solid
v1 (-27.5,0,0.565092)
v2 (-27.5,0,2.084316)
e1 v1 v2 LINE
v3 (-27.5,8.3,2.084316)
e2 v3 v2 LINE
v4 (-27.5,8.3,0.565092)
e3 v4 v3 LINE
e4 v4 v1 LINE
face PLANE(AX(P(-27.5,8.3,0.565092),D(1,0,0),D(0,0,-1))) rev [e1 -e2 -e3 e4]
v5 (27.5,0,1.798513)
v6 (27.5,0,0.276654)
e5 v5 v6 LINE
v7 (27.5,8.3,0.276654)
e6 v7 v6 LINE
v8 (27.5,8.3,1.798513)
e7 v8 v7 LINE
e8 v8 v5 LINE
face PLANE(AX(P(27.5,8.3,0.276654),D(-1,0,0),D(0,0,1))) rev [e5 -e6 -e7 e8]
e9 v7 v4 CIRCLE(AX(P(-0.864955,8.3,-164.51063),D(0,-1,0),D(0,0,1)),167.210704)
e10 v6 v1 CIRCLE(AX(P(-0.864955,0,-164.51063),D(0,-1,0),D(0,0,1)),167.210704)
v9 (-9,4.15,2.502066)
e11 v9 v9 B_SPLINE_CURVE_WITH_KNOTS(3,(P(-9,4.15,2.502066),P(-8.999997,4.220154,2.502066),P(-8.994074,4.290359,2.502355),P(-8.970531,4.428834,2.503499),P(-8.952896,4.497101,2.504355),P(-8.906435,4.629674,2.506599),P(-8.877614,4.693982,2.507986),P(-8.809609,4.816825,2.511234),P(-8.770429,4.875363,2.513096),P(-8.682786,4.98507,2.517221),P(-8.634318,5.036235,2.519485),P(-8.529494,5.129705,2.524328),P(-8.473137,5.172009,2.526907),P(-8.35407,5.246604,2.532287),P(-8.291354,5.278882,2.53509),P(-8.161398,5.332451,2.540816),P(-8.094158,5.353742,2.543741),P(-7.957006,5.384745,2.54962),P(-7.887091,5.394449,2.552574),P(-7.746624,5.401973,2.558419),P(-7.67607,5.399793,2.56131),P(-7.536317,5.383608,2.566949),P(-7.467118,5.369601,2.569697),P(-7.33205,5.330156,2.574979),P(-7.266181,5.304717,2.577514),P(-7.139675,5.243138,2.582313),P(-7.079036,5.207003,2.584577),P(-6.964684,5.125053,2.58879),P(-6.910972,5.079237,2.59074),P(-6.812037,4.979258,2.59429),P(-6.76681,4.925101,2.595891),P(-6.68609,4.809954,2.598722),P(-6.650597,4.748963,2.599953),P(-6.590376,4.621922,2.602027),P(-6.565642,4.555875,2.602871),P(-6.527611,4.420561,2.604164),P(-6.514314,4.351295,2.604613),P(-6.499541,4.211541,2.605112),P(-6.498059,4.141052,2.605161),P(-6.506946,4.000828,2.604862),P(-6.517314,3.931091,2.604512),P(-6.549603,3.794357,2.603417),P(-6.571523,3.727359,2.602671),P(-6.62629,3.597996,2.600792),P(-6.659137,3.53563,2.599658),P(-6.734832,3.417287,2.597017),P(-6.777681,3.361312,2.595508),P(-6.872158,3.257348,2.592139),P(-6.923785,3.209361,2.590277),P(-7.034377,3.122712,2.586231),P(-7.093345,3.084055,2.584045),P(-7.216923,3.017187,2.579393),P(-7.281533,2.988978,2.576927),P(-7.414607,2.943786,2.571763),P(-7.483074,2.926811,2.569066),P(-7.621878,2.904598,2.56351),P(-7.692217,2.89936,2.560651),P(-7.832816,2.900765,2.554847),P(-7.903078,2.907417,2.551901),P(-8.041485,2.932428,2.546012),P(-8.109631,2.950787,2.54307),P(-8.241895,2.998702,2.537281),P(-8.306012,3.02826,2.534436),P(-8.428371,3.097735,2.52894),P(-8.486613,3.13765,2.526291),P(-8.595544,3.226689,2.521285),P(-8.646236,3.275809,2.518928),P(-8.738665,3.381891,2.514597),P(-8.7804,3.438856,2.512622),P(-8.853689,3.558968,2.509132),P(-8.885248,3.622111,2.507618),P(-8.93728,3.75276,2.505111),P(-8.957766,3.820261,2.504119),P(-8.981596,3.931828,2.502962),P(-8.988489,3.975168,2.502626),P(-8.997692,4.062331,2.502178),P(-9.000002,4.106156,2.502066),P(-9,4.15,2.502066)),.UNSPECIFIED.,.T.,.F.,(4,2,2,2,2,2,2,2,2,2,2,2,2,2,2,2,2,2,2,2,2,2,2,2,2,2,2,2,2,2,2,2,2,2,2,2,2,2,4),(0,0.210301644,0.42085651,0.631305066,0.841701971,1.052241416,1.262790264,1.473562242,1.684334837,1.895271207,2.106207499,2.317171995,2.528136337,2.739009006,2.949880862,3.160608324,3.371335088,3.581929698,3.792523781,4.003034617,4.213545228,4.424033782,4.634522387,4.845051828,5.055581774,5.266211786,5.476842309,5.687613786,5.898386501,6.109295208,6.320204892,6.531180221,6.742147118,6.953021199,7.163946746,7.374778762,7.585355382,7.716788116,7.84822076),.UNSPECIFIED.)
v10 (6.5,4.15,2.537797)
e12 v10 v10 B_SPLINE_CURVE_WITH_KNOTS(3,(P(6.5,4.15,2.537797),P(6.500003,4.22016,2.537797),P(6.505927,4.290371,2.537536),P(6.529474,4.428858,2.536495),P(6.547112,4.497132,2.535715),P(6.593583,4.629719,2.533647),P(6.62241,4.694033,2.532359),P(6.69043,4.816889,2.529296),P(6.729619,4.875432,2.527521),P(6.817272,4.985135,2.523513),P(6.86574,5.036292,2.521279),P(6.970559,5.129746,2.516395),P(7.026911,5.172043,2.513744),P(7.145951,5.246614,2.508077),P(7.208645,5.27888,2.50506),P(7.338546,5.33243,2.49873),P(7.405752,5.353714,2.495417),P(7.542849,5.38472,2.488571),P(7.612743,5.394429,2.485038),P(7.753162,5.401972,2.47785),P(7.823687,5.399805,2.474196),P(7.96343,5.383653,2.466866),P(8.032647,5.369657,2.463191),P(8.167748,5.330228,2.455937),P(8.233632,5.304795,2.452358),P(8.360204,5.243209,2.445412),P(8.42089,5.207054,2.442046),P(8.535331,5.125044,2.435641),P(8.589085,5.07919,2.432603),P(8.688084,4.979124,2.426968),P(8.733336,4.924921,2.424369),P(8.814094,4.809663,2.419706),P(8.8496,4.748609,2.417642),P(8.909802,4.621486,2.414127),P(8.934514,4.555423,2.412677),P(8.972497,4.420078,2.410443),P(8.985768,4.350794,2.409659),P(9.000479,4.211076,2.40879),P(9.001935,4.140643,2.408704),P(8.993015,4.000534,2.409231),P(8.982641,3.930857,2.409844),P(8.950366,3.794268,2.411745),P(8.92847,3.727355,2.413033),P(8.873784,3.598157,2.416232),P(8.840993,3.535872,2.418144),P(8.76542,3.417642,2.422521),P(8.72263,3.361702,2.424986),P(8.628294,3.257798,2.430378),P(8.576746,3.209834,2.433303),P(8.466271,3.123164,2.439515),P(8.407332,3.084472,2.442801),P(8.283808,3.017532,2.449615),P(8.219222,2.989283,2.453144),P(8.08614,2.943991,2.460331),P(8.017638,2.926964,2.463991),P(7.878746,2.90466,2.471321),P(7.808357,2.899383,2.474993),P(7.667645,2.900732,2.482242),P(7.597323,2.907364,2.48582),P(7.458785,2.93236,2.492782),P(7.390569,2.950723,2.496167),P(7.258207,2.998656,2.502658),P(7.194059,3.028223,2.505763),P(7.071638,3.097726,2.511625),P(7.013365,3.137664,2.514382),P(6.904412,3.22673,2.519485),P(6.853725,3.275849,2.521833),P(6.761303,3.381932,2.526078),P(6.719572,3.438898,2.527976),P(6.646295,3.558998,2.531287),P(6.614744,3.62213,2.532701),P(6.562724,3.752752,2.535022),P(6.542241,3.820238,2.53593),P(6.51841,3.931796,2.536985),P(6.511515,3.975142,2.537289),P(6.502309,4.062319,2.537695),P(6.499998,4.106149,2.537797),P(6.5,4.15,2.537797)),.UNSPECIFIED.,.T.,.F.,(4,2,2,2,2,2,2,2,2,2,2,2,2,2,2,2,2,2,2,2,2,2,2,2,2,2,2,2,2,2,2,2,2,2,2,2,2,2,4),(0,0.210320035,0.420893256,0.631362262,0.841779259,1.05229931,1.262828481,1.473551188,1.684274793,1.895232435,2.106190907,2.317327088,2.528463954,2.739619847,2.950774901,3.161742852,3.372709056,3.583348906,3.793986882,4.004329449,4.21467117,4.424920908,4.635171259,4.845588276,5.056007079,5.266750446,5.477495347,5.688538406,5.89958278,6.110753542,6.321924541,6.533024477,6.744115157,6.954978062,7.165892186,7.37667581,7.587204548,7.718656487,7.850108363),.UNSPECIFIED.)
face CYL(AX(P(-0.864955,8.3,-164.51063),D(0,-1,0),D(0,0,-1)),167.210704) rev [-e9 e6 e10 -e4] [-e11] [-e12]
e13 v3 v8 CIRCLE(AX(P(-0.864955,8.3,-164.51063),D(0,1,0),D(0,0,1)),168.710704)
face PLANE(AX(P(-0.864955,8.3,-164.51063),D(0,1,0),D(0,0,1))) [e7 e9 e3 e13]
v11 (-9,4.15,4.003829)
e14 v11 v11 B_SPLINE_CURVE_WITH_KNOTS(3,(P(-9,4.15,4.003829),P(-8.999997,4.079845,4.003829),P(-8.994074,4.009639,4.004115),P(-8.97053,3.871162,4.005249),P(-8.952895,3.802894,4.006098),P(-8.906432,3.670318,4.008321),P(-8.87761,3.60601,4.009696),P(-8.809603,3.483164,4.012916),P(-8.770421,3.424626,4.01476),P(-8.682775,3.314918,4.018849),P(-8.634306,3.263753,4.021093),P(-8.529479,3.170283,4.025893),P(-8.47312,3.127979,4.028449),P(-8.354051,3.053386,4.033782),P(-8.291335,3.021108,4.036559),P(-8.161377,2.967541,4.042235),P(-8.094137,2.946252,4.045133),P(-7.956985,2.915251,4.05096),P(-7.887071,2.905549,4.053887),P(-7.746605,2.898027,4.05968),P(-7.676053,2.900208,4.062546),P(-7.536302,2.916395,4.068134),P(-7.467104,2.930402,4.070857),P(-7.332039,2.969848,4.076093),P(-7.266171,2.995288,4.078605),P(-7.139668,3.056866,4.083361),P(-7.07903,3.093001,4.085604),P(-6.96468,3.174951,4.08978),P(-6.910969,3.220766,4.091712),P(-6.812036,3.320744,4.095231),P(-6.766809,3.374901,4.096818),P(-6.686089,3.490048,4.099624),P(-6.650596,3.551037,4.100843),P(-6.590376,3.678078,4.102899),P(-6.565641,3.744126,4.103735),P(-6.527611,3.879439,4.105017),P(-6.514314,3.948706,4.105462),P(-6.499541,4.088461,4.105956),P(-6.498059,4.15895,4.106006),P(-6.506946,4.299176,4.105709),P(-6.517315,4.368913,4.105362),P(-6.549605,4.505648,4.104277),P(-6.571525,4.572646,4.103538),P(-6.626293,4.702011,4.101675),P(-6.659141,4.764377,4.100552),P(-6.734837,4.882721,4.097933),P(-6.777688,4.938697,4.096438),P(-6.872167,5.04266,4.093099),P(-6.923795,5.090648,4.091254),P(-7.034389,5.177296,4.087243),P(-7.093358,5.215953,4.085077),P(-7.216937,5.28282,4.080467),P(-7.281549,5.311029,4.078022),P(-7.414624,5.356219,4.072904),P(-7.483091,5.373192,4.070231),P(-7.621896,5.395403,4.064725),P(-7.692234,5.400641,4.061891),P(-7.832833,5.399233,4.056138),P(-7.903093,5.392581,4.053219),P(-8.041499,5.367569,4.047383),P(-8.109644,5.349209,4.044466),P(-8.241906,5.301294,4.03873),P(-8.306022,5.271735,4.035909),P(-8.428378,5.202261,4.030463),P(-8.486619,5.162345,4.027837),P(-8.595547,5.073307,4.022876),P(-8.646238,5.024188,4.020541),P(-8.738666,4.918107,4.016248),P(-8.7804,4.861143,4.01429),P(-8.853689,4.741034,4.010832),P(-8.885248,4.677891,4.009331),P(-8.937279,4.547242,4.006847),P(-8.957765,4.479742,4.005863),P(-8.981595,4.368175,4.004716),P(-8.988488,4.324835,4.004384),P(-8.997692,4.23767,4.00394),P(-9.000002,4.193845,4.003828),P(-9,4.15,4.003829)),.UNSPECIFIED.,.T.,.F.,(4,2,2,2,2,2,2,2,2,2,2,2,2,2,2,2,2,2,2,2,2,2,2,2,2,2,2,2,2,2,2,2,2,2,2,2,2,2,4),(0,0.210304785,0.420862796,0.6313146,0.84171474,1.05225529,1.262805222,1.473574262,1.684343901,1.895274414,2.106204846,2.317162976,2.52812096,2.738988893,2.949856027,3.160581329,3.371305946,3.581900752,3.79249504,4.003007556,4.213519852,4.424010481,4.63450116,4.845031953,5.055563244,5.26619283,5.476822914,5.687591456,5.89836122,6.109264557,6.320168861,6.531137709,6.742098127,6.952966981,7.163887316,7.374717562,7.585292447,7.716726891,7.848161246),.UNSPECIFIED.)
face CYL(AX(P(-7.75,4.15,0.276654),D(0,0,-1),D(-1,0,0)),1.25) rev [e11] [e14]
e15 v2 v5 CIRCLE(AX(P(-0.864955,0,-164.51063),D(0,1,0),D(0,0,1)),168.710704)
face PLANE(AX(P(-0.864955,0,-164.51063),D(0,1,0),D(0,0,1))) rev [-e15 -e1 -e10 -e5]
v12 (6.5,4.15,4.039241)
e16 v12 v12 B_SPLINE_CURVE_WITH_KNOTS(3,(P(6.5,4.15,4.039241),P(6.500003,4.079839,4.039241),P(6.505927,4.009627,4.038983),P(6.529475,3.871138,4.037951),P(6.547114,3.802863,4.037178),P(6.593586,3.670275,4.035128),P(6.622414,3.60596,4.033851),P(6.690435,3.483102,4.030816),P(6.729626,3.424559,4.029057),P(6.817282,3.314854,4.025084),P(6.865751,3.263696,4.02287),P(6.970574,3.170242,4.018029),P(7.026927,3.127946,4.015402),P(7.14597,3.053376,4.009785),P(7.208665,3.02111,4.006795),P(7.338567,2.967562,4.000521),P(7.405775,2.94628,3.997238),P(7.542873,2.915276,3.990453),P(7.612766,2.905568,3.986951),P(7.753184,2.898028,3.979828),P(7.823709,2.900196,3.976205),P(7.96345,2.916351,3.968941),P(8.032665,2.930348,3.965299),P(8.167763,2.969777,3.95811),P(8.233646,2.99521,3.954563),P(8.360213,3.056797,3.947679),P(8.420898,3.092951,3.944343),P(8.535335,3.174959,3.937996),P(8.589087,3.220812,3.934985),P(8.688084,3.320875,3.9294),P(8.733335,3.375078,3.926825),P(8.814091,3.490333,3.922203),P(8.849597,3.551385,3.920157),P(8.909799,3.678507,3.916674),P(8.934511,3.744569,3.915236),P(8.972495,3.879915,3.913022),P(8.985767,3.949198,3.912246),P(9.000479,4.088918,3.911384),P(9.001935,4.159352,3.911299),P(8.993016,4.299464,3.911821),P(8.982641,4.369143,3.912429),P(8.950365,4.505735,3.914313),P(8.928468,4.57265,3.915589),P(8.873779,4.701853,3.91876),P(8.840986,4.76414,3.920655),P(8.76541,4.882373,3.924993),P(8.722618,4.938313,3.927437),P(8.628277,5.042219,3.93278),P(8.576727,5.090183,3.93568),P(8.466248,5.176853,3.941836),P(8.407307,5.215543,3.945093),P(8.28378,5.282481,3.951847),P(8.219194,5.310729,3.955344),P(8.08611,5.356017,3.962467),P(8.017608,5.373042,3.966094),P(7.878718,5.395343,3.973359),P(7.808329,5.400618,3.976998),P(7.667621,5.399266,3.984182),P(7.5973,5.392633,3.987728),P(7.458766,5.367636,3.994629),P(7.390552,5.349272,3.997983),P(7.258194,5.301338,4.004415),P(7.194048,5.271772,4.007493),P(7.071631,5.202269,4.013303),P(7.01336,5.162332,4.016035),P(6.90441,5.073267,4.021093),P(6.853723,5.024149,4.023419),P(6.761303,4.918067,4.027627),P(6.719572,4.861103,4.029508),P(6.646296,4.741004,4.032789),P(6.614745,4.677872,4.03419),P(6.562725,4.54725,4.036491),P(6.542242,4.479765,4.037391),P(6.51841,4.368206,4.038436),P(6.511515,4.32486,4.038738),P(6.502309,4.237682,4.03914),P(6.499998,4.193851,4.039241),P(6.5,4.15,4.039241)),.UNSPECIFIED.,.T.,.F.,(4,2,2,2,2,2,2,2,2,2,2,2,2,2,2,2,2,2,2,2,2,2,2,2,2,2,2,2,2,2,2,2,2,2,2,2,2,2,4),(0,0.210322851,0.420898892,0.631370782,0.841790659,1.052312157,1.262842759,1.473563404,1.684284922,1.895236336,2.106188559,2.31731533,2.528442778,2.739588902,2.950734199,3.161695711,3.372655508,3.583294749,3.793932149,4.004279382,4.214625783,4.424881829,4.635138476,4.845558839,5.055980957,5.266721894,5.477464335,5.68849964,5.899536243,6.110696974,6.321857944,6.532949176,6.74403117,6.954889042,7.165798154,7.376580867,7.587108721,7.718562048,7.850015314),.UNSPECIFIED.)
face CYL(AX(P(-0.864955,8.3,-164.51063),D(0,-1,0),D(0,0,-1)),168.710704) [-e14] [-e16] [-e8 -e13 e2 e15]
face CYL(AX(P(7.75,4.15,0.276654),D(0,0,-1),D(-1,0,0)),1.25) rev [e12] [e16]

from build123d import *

# Parameters (mm, degrees)
BOSS_EXTRUDE1_DEPTH     = 8.3
SKETCH2_R               = 1.25
CUT_EXTRUDE1_DEPTH      = 5.200074126
CUT_EXTRUDE1_DEPTH_BACK = 1


with BuildPart() as part:
    # Sketch1 → Boss-Extrude1 (new body)
    with BuildSketch(Plane(origin=(0, 0, 0), x_dir=(1, 0, 0), z_dir=(0, 1, 0))):
        with BuildLine():
            Line((27.5, -0.276653737), (27.5, -1.798512845))
            ThreePointArc((27.5, -1.798512845), (0.011725116, -4.19779634), (-27.5, -2.084316151))
            Line((-27.5, -2.084316151), (-27.5, -0.56509193))
            ThreePointArc((-27.5, -0.56509193), (0.011940827, -2.697774775), (27.5, -0.276653737))
        make_face()
    extrude(amount=BOSS_EXTRUDE1_DEPTH)

    # Sketch2 → Cut-Extrude1 (cut, two sides)
    with BuildSketch(Plane.XY) as cut_extrude1_sk:
        with Locations((-7.75, 4.15)):
            Circle(SKETCH2_R)
        with Locations((7.75, 4.15)):
            Circle(SKETCH2_R)
    extrude(amount=CUT_EXTRUDE1_DEPTH, mode=Mode.SUBTRACT)
    extrude(cut_extrude1_sk.sketch, amount=-CUT_EXTRUDE1_DEPTH_BACK, mode=Mode.SUBTRACT)


solid = part.part
